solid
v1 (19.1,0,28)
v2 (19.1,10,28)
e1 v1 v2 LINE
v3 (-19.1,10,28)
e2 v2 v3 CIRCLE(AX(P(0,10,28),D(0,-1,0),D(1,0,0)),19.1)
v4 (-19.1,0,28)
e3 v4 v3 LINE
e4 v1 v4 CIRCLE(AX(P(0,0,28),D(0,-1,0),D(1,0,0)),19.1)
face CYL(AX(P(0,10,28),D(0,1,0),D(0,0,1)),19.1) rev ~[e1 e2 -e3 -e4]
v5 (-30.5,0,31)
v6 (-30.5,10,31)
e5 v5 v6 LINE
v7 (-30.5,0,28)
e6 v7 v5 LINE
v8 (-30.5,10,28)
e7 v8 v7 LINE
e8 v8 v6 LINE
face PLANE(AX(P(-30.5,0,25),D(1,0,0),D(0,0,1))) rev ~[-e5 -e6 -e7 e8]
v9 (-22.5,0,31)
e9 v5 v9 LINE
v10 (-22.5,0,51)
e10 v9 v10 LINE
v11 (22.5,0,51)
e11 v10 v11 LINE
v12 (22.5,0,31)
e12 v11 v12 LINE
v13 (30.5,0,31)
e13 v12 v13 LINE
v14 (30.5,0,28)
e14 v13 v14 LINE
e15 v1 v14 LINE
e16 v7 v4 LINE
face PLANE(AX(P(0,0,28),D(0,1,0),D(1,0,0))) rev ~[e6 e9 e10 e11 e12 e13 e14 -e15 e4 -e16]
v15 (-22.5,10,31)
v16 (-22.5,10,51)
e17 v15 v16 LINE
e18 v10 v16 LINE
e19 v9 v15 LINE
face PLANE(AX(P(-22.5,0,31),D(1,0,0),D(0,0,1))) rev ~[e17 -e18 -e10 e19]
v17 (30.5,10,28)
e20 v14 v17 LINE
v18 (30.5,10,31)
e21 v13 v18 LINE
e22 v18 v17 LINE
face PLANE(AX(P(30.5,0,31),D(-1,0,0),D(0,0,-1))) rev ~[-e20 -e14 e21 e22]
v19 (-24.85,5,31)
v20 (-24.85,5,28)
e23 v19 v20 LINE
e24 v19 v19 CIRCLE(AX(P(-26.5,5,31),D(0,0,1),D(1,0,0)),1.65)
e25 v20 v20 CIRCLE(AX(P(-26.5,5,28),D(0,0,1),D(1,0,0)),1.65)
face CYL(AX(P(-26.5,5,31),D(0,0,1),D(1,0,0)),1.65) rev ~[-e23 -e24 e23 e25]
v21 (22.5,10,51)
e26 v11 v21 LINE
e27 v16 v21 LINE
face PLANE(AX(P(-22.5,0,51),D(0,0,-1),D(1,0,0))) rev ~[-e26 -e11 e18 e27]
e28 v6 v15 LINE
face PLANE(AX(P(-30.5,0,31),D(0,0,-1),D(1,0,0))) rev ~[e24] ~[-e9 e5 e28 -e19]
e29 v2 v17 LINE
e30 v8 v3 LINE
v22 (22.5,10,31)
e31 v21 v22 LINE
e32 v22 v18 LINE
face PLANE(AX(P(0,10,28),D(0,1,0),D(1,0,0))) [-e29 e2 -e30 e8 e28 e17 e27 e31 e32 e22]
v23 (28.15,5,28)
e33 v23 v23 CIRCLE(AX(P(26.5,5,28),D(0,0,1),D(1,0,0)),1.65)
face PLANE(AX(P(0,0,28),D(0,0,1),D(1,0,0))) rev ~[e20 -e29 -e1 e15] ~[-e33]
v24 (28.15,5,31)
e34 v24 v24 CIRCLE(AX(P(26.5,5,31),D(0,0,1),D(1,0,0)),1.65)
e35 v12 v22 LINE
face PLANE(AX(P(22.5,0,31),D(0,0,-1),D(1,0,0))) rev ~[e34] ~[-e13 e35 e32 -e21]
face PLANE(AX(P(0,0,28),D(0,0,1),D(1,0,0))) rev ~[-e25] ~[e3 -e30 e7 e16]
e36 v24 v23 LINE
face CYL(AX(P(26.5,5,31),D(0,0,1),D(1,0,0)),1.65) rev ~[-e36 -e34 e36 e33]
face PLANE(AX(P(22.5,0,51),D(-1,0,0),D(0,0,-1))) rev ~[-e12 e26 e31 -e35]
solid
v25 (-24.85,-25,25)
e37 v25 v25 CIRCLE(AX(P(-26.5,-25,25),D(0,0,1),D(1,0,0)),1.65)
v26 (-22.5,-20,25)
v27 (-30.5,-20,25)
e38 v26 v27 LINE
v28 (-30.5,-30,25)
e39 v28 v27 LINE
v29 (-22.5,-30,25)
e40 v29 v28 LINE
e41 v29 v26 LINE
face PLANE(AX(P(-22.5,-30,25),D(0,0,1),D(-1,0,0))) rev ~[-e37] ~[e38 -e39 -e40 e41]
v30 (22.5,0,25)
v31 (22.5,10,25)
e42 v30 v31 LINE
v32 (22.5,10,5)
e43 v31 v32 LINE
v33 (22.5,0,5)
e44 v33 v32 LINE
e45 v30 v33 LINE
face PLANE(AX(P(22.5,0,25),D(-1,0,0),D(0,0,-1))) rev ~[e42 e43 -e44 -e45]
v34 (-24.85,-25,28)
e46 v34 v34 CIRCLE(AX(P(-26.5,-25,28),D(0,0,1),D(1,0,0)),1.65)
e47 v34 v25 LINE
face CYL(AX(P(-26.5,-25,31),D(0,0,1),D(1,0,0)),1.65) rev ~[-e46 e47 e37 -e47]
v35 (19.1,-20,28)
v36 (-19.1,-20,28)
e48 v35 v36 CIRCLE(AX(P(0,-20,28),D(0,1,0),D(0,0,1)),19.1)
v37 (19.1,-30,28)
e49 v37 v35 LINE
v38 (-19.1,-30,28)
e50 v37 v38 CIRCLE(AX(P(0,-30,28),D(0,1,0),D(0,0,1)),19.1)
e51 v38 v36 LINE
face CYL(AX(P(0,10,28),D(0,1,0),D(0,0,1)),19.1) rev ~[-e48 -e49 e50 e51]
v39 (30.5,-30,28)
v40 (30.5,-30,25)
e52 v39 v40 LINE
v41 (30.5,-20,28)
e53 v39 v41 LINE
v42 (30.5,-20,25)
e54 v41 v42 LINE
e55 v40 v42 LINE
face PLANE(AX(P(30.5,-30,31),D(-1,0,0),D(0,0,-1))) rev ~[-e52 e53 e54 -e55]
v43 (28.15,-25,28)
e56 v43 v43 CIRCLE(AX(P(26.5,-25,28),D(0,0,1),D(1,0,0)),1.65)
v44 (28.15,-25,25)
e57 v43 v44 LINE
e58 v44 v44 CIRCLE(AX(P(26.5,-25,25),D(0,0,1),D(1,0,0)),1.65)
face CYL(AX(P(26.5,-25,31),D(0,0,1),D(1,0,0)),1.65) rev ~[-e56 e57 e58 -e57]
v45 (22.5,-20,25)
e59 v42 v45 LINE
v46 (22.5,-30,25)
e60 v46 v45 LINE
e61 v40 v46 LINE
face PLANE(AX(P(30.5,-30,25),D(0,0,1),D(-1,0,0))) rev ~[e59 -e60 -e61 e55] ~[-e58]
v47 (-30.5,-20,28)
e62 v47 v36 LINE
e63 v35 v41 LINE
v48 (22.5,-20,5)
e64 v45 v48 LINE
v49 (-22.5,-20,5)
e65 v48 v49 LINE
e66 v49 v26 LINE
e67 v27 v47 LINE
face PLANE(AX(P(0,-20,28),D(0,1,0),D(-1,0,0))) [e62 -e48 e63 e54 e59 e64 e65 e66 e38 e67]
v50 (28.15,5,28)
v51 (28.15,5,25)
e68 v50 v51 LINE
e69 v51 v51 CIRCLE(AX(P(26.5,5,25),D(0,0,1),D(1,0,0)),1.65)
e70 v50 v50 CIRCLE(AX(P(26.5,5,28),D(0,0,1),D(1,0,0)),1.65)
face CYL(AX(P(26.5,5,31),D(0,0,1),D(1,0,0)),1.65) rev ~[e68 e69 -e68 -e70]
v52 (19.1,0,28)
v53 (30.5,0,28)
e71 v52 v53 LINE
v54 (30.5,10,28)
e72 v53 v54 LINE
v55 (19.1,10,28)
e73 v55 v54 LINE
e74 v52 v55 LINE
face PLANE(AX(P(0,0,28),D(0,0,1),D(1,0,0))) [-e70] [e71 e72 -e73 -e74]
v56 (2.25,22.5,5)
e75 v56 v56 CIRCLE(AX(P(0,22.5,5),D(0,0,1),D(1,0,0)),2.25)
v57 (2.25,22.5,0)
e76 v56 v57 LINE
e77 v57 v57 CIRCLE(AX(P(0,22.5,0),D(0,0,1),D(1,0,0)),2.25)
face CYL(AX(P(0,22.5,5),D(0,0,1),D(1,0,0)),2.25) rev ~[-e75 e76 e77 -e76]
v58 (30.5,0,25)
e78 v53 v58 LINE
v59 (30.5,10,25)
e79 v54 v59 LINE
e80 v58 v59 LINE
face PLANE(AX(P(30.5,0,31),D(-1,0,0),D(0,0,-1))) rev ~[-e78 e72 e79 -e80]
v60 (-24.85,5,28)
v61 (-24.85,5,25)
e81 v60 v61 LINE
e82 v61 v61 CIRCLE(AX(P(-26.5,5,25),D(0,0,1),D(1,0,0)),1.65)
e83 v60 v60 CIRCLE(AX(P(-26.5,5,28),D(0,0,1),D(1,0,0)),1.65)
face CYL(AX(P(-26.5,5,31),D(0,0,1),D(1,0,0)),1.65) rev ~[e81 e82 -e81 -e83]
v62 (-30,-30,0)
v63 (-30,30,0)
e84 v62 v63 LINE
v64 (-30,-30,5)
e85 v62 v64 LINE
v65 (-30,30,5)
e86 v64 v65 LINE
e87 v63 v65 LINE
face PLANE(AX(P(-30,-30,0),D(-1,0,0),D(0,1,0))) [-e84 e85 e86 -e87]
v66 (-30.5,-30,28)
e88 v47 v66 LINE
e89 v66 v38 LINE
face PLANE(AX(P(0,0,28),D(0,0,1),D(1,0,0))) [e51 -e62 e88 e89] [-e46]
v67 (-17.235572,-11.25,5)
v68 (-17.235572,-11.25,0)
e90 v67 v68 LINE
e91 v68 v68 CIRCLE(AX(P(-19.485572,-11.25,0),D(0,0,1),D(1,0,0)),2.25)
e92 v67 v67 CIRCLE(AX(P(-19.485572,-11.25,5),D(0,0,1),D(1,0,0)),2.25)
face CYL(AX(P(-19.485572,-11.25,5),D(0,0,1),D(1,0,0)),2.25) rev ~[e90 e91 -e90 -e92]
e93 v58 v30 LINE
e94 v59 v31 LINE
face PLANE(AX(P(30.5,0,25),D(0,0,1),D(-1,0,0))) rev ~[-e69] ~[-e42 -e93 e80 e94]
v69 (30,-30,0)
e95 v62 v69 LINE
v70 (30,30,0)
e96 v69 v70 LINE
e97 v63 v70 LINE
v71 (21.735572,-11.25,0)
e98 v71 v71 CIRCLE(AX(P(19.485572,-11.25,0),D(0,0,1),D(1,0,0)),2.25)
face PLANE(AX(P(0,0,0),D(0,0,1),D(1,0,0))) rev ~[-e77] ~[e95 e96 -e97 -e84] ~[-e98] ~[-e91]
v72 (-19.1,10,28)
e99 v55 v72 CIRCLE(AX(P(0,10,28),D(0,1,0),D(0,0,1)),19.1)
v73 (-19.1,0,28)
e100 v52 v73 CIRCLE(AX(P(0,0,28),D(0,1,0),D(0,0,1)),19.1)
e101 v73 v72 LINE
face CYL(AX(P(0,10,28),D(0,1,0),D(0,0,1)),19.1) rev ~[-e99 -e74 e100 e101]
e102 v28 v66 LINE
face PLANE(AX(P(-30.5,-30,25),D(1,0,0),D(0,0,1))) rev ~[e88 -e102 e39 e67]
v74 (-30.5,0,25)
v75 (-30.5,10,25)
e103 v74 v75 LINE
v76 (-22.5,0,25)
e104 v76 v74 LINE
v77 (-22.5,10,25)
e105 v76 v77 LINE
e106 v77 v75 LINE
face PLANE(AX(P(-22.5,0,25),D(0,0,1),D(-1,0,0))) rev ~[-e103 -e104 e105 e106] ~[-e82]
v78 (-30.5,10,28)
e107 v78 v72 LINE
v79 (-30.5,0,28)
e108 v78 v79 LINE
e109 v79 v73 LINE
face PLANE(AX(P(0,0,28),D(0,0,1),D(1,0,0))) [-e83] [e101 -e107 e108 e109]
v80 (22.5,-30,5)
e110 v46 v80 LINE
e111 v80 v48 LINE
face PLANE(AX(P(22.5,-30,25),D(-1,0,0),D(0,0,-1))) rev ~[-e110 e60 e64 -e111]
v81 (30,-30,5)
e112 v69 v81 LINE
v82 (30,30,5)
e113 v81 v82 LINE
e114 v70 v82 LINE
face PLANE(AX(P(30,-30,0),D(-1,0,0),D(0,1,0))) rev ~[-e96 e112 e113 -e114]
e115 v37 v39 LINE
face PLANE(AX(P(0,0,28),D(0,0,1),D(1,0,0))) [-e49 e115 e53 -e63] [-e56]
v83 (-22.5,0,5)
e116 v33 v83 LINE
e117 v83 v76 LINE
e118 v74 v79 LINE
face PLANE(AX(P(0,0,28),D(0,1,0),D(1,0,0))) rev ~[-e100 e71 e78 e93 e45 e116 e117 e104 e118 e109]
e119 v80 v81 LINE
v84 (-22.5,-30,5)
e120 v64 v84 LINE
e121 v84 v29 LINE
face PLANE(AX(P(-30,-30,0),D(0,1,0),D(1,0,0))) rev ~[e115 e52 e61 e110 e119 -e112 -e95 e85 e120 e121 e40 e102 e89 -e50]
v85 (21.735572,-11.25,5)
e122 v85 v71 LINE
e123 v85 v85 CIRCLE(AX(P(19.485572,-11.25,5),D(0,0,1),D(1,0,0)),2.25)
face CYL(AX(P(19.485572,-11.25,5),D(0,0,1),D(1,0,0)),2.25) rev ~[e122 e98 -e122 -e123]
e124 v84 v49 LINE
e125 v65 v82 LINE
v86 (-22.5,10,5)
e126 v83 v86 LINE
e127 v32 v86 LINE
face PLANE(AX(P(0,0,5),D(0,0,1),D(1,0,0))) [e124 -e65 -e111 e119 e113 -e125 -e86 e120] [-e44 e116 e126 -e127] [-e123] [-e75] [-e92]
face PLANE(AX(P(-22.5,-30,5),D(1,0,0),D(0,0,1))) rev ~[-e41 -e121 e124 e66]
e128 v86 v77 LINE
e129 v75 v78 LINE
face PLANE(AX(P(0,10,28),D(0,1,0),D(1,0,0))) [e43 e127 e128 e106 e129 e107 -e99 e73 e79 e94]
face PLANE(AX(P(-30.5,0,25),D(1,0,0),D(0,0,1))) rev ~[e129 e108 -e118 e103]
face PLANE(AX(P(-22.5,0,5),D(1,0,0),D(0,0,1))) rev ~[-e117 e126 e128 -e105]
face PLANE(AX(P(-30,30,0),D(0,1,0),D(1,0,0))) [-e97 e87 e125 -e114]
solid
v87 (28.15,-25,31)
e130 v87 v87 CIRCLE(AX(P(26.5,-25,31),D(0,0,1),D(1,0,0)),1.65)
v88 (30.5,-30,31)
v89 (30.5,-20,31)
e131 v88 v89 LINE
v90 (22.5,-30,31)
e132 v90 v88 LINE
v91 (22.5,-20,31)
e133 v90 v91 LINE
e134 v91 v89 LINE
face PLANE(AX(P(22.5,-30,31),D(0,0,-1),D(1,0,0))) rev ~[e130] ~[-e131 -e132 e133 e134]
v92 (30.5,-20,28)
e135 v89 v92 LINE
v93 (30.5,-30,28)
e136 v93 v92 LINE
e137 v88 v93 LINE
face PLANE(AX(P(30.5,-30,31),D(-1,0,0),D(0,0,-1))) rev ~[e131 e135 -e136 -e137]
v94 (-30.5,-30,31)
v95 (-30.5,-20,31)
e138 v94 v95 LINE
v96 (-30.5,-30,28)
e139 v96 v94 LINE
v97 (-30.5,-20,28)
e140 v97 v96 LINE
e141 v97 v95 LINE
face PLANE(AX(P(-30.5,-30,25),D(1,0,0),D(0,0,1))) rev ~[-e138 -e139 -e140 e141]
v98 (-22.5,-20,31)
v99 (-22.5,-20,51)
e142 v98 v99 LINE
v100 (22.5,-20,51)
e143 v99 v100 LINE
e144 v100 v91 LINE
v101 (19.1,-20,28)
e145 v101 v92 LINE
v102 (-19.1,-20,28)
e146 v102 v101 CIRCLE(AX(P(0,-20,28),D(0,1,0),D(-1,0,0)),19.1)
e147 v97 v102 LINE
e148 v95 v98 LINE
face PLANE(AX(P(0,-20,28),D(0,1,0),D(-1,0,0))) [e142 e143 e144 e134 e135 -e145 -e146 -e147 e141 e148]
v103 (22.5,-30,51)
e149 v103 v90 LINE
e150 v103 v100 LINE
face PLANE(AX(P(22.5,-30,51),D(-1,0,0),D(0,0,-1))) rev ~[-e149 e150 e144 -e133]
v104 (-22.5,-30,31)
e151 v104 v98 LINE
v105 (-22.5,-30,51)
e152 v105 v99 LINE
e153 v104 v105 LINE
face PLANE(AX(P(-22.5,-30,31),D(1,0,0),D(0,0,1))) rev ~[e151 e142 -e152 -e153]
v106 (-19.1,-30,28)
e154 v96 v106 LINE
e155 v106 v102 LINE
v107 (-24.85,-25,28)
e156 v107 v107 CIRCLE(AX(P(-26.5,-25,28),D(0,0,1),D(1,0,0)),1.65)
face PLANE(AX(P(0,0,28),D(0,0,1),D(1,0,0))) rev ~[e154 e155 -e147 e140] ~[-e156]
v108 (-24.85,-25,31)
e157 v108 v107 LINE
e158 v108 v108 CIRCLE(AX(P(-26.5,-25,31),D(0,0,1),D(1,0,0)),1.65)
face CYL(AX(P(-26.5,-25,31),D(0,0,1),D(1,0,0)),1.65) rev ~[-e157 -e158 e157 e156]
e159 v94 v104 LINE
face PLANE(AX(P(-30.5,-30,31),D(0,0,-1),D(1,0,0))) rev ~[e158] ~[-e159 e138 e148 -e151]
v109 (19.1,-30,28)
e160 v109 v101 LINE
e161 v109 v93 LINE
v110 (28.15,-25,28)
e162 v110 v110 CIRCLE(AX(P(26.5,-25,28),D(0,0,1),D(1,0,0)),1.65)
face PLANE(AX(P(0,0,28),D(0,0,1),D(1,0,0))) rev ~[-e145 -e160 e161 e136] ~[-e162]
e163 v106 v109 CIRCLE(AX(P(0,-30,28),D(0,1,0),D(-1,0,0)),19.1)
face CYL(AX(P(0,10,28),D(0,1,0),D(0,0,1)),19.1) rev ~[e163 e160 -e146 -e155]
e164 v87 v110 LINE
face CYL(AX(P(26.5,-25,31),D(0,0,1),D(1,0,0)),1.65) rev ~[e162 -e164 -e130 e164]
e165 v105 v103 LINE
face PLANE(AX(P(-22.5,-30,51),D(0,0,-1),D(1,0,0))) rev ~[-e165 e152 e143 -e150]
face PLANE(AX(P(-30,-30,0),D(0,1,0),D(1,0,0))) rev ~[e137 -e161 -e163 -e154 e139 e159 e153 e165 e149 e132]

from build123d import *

# Parameters (mm, degrees)
SKETCH_1_W          = 60
SKETCH_1_H          = 60
EXTRUDE_1_DEPTH     = 5
SKETCH_2_R          = 2.25
CUT_EXTRUDE_1_DEPTH = 43.720018727
EXTRUDE_2_DEPTH     = 10
EXTRUDE_3_DEPTH     = 10
SKETCH_5_R          = 19.1
CUT_EXTRUDE_2_DEPTH = 72.632743909
CUT_EXTRUDE_3_REACH = 54.832
SKETCH_7_R          = 1.65


with BuildPart() as part:
    # ｽｹｯﾁ1 → ﾎﾞｽ - 押し出し1 (new body)
    with BuildSketch(Plane.XY):
        Rectangle(SKETCH_1_W, SKETCH_1_H)
    extrude(amount=EXTRUDE_1_DEPTH)

    # ｽｹｯﾁ2 → ｶｯﾄ - 押し出し1 (cut, through all)
    with BuildSketch(Plane.XY.offset(5)):
        with Locations((0, 22.5)):
            Circle(SKETCH_2_R)
        with Locations((19.485571585, -11.25)):
            Circle(SKETCH_2_R)
        with Locations((-19.485571585, -11.25)):
            Circle(SKETCH_2_R)
    extrude(amount=-CUT_EXTRUDE_1_DEPTH, mode=Mode.SUBTRACT)

    # ｽｹｯﾁ3 → ﾎﾞｽ - 押し出し2 (add)
    with BuildSketch(Plane.XZ.offset(30)):
        Polygon((22.5, 5), (-22.5, 5), (-22.5, 25), (-30.5, 25), (-30.5, 31), (-22.5, 31), (-22.5, 51), (22.5, 51), (22.5, 31), (30.5, 31), (30.5, 25), (22.5, 25), align=None)
    extrude(amount=-EXTRUDE_2_DEPTH)

    # ｽｹｯﾁ4 → ﾎﾞｽ - 押し出し3 (add)
    with BuildSketch(Plane(origin=(0, 0, 0), x_dir=(1, 0, 0), z_dir=(0, 1, 0))):
        Polygon((-22.5, -51), (22.5, -51), (22.5, -31), (30.5, -31), (30.5, -25), (22.5, -25), (22.5, -5), (-22.5, -5), (-22.5, -25), (-30.5, -25), (-30.5, -31), (-22.5, -31), align=None)
    extrude(amount=EXTRUDE_3_DEPTH)

    # ｽｹｯﾁ5 → ｶｯﾄ - 押し出し2 (cut, through all)
    with BuildSketch(Plane(origin=(0, 10, 0), x_dir=(1, 0, 0), z_dir=(0, 1, 0))):
        with Locations(Location((0, -28, 0), (0, 0, 270))):
            Circle(SKETCH_5_R)
    extrude(amount=-CUT_EXTRUDE_2_DEPTH, mode=Mode.SUBTRACT)

    # ｽｹｯﾁ7 → ｶｯﾄ - 押し出し3 (cut, up to next)
    with BuildSketch(Plane.XY.offset(31), mode=Mode.PRIVATE) as cut_extrude_3_sk1:
        with Locations((-26.5, 5)):
            Circle(SKETCH_7_R)
    cut_extrude_3_tool1 = extrude(cut_extrude_3_sk1.sketch, amount=-CUT_EXTRUDE_3_REACH, mode=Mode.PRIVATE) & part.part
    # ｽｹｯﾁ7 → ｶｯﾄ - 押し出し3 (cut, up to next)
    with BuildSketch(Plane.XY.offset(31), mode=Mode.PRIVATE) as cut_extrude_3_sk2:
        with Locations((26.5, 5)):
            Circle(SKETCH_7_R)
    cut_extrude_3_tool2 = extrude(cut_extrude_3_sk2.sketch, amount=-CUT_EXTRUDE_3_REACH, mode=Mode.PRIVATE) & part.part
    # ｽｹｯﾁ7 → ｶｯﾄ - 押し出し3 (cut, up to next)
    with BuildSketch(Plane.XY.offset(31), mode=Mode.PRIVATE) as cut_extrude_3_sk3:
        with Locations((26.5, -25)):
            Circle(SKETCH_7_R)
    cut_extrude_3_tool3 = extrude(cut_extrude_3_sk3.sketch, amount=-CUT_EXTRUDE_3_REACH, mode=Mode.PRIVATE) & part.part
    # ｽｹｯﾁ7 → ｶｯﾄ - 押し出し3 (cut, up to next)
    with BuildSketch(Plane.XY.offset(31), mode=Mode.PRIVATE) as cut_extrude_3_sk4:
        with Locations((-26.5, -25)):
            Circle(SKETCH_7_R)
    cut_extrude_3_tool4 = extrude(cut_extrude_3_sk4.sketch, amount=-CUT_EXTRUDE_3_REACH, mode=Mode.PRIVATE) & part.part
    add(cut_extrude_3_tool1.solids().sort_by_distance((-26.5, 5, 31))[0], mode=Mode.SUBTRACT)
    add(cut_extrude_3_tool2.solids().sort_by_distance((26.5, 5, 31))[0], mode=Mode.SUBTRACT)
    add(cut_extrude_3_tool3.solids().sort_by_distance((26.5, -25, 31))[0], mode=Mode.SUBTRACT)
    add(cut_extrude_3_tool4.solids().sort_by_distance((-26.5, -25, 31))[0], mode=Mode.SUBTRACT)


with BuildPart() as body_2:
    # Split Bodies 1: the piece on the far side of the plane
    add(part.part)
    split(bisect_by=Plane.XY.offset(28), keep=Keep.BOTTOM)


with BuildPart() as part_1:
    add(part.part)

    # Split Bodies 1
    split(bisect_by=Plane.XY.offset(28), keep=Keep.TOP)


solid = Compound([body_2.part, part_1.part])
